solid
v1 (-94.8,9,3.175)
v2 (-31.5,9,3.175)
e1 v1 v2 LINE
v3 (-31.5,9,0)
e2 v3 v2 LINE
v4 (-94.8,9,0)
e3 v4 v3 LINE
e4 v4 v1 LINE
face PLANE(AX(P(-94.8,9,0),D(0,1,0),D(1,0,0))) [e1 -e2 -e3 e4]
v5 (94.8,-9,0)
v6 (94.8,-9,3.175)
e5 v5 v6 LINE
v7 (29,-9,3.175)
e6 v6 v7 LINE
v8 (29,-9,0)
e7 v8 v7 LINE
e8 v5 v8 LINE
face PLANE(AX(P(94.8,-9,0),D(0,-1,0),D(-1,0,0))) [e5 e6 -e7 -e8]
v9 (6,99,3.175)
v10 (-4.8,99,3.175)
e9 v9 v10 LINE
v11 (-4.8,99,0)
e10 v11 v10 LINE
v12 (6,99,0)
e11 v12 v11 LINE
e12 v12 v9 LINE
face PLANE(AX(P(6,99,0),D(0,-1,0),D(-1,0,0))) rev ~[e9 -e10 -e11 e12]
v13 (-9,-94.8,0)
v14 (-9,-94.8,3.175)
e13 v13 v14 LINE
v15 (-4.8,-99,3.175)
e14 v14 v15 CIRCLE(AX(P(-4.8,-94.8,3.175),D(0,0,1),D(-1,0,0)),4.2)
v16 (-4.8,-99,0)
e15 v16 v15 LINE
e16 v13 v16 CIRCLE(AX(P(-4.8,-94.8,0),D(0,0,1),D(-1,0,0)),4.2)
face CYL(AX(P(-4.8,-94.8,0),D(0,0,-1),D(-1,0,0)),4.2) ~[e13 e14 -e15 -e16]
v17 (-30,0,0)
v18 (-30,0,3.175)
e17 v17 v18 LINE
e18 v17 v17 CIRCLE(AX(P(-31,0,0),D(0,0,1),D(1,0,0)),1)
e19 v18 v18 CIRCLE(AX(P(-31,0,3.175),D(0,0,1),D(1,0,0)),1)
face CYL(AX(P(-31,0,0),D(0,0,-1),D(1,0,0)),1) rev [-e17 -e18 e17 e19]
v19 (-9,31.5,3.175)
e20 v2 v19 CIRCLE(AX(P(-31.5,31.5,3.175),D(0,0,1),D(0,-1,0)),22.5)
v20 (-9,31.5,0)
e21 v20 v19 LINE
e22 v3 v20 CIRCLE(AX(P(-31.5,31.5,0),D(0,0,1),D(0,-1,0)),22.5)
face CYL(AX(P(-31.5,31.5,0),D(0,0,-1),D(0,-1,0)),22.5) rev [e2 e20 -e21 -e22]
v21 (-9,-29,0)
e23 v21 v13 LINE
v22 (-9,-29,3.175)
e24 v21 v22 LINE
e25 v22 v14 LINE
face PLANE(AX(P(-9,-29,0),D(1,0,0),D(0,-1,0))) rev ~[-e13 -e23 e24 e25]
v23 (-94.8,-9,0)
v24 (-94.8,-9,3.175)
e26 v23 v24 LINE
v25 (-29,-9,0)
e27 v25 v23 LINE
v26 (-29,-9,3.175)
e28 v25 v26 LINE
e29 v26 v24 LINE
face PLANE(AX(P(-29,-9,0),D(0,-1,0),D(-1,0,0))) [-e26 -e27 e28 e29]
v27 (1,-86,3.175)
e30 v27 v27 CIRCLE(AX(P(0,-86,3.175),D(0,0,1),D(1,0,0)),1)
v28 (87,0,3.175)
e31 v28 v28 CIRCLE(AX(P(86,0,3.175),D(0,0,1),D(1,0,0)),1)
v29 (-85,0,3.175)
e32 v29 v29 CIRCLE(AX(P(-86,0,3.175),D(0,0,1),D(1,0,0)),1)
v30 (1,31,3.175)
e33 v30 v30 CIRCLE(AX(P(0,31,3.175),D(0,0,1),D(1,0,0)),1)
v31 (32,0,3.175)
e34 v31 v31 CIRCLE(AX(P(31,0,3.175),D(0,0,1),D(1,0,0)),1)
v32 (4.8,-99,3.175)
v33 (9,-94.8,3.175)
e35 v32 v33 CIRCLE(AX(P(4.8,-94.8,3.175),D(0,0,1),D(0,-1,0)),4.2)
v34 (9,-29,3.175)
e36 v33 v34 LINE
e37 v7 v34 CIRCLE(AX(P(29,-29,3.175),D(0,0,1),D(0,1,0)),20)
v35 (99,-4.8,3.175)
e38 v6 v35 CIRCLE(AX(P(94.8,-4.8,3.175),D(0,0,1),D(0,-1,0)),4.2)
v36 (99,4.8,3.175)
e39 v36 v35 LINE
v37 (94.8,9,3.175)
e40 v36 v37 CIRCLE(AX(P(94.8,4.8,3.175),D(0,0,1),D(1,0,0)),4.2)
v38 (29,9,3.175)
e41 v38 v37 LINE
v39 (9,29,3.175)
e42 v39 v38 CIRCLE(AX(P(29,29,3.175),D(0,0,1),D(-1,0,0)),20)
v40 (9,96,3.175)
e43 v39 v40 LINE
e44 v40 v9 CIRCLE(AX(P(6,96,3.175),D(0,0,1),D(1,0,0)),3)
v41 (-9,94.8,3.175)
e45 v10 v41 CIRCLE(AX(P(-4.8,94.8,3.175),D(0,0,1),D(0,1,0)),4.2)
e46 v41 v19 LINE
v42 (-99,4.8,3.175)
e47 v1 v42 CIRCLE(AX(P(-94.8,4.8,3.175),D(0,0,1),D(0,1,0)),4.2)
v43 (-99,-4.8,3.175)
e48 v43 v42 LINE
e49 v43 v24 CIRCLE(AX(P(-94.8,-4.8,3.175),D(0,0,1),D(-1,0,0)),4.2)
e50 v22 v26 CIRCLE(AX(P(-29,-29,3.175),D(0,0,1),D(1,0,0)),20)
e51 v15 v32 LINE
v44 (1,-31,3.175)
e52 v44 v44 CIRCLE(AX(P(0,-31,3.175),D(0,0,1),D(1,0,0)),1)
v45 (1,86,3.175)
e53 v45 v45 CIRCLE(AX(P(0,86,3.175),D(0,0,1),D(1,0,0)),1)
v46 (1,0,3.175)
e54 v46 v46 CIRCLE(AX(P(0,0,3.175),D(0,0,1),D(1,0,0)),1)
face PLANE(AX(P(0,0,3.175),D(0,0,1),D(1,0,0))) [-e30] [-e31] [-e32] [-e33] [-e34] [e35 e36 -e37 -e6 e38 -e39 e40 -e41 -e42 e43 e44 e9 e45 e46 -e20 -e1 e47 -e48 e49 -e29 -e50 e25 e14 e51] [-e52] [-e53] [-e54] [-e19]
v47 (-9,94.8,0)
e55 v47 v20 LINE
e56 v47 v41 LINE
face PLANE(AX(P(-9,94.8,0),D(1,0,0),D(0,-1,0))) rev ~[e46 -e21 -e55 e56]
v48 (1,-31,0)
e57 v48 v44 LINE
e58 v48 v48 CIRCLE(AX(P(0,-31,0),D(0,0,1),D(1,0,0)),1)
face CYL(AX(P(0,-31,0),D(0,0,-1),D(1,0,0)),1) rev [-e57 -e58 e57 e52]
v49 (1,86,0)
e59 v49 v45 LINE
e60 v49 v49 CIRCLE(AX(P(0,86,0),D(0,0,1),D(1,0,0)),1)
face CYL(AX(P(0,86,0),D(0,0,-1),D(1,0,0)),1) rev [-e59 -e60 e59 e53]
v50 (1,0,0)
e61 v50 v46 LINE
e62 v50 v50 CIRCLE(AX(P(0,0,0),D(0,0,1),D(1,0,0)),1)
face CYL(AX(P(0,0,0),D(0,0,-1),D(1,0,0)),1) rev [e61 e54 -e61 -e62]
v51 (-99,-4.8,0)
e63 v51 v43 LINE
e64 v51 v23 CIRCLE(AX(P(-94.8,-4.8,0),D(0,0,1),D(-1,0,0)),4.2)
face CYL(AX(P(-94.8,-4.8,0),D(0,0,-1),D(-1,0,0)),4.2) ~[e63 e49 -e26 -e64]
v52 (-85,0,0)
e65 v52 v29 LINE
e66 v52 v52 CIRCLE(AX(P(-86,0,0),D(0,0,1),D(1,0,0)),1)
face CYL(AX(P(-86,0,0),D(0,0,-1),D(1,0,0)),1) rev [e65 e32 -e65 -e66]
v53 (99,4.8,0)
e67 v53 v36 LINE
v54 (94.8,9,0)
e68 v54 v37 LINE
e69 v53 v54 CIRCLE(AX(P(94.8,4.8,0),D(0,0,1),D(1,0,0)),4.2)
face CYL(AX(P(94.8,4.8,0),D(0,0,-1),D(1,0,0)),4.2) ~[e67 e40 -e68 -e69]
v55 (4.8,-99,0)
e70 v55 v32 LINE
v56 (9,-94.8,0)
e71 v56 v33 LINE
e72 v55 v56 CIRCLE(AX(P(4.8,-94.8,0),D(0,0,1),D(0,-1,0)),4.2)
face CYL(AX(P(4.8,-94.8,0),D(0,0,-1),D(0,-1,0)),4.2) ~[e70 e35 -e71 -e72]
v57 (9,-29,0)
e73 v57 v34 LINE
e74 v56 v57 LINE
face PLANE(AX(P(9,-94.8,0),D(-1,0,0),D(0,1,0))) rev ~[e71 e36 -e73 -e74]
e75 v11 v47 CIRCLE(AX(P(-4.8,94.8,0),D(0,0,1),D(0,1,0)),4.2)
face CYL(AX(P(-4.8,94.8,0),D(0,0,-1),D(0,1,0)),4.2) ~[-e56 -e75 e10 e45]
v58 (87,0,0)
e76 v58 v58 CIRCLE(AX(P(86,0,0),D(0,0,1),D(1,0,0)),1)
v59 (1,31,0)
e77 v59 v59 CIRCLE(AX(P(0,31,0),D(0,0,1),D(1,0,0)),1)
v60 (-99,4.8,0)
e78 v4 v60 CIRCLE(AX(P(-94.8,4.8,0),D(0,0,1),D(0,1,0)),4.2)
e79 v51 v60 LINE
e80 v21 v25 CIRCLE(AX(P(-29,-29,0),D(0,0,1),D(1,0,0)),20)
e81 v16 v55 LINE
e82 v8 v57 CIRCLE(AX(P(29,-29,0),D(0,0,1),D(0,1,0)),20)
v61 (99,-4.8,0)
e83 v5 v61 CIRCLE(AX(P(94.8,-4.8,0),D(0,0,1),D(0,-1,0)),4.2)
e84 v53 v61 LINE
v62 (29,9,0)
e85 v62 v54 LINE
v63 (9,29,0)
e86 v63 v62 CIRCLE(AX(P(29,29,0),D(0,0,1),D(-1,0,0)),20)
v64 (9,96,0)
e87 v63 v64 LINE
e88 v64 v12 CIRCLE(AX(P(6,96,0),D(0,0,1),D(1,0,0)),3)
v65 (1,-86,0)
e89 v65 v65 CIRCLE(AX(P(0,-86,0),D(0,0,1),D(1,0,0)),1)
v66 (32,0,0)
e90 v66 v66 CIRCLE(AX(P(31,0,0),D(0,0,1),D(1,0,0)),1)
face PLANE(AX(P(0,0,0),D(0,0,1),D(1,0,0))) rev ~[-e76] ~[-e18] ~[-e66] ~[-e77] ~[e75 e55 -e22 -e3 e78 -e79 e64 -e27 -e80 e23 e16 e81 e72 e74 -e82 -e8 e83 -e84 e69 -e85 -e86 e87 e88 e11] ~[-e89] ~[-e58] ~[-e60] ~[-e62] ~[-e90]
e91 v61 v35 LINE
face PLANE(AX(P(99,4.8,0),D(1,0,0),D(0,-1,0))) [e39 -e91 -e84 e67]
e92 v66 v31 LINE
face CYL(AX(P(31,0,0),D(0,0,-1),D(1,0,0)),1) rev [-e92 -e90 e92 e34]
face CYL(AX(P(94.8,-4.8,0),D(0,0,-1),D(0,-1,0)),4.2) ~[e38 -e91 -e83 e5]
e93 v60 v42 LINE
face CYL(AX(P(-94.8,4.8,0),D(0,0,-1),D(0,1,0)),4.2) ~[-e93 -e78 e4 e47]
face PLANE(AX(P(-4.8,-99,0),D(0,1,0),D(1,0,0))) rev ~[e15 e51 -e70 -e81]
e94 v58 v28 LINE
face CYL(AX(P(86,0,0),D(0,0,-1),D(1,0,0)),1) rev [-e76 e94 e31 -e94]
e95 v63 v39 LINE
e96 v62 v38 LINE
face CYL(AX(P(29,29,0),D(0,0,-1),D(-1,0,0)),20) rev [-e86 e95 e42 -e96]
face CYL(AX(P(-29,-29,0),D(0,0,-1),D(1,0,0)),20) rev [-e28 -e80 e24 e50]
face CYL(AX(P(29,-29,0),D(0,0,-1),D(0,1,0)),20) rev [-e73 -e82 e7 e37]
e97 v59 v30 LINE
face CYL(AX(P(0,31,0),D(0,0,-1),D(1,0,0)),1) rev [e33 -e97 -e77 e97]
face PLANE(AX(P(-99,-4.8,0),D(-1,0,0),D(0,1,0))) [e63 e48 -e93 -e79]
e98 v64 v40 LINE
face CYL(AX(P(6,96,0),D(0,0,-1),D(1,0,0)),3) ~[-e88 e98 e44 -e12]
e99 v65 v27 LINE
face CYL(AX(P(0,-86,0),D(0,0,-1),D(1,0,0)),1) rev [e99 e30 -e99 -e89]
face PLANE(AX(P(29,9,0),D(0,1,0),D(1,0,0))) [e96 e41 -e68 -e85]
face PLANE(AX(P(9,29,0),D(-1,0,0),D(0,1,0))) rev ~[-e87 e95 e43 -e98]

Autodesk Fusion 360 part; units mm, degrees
sketch "Sketch1" plane through (0, 0, 0) normal (0, 0, 1) x (1, 0, 0)
  line L0 (99, 4.8) -> (99, -4.8)
  line L1 (-99, -4.8) -> (-99, 4.8)
  line L2 (-99, 9) -> (99, -9) construction
  line L3 (99, 9) -> (-99, -9) construction
  line L4 (6, 99) -> (-4.8, 99)
  line L5 (-4.8, -99) -> (4.8, -99)
  line L6 (9, 99) -> (-9, -99) construction
  line L7 (-9, 99) -> (9, -99) construction
  line L8 (-29, -9) -> (-94.8, -9)
  line L9 (94.8, -9) -> (29, -9)
  line L10 (0.8182, -9) -> (-0.8182, -9)
  line L11 (29, 9) -> (94.8, 9)
  line L12 (-94.8, 9) -> (-31.5, 9)
  line L13 (-0.8182, 9) -> (0.8182, 9)
  line L14 (-9, 94.8) -> (-9, 31.5)
  line L15 (-9, 0.8182) -> (-9, -0.8182)
  line L16 (-9, -29) -> (-9, -94.8)
  line L17 (9, -94.8) -> (9, -29)
  line L18 (9, 29) -> (9, 96)
  arc A0 (9, 29) -> (29, 9) centre (29, 29) ccw
  arc A1 (29, -9) -> (9, -29) centre (29, -29) ccw
  arc A2 (-9, -29) -> (-29, -9) centre (-29, -29) ccw
  arc A3 (-31.5, 9) -> (-9, 31.5) centre (-31.5, 31.5) ccw
  arc A4 (9, 96) -> (6, 99) centre (6, 96) ccw
  arc A5 (-4.8, 99) -> (-9, 94.8) centre (-4.8, 94.8) ccw
  arc A6 (-94.8, 9) -> (-99, 4.8) centre (-94.8, 4.8) ccw
  arc A7 (-99, -4.8) -> (-94.8, -9) centre (-94.8, -4.8) ccw
  arc A8 (99, 4.8) -> (94.8, 9) centre (94.8, 4.8) ccw
  arc A9 (94.8, -9) -> (99, -4.8) centre (94.8, -4.8) ccw
  arc A10 (-9, -94.8) -> (-4.8, -99) centre (-4.8, -94.8) ccw
  arc A11 (4.8, -99) -> (9, -94.8) centre (4.8, -94.8) ccw
  circle A12 centre (-86, 0) radius 1
  circle A13 centre (-31, 0) radius 1
  circle A14 centre (86, 0) radius 1
  circle A15 centre (31, 0) radius 1
  circle A16 centre (0, -86) radius 1
  circle A17 centre (0, -31) radius 1
  circle A18 centre (0, 86) radius 1
  circle A19 centre (0, 31) radius 1
  circle A20 centre (0, 0) radius 1
  dimension "d1" = 198
  dimension "d2" = 18
  dimension "d5" = 18
  dimension "d6" = 198
  dimension "d9" = 20
  dimension "d10" = 22.5
  dimension "d11" = 3
  dimension "d12" = 4.2
  dimension "d15" = 2
  dimension "d16" = 2
  dimension "d17" = 13
  dimension "d18" = 2
  dimension "d19" = 13
  dimension "d20" = 2
  dimension "d21" = 2
  dimension "d22" = 13
  dimension "d23" = 2
  dimension "d24" = 2
  dimension "d25" = 13
  dimension "d26" = 68
  dimension "d27" = 68
  dimension "d28" = 68
  dimension "d29" = 68
  dimension "d30" = 2
extrude "Extrude1" add sketch "Sketch1" along normal blind 3.175
equation "d1 = totalArmLenght"
equation "d2 = armWidth"
equation "totalArmLenght = 198 mm"
equation "armWidth = 18 mm"
equation "d5 = armWidth"
equation "d6 = totalArmLenght"
equation "tipBend = 13 mm"
equation "bottomBend = 68 mm"
equation "d17 = tipBend"
equation "d19 = tipBend"
equation "d22 = tipBend"
equation "d25 = tipBend"
equation "d26 = bottomBend"
equation "d27 = bottomBend"
equation "d28 = bottomBend"
equation "d29 = bottomBend"
